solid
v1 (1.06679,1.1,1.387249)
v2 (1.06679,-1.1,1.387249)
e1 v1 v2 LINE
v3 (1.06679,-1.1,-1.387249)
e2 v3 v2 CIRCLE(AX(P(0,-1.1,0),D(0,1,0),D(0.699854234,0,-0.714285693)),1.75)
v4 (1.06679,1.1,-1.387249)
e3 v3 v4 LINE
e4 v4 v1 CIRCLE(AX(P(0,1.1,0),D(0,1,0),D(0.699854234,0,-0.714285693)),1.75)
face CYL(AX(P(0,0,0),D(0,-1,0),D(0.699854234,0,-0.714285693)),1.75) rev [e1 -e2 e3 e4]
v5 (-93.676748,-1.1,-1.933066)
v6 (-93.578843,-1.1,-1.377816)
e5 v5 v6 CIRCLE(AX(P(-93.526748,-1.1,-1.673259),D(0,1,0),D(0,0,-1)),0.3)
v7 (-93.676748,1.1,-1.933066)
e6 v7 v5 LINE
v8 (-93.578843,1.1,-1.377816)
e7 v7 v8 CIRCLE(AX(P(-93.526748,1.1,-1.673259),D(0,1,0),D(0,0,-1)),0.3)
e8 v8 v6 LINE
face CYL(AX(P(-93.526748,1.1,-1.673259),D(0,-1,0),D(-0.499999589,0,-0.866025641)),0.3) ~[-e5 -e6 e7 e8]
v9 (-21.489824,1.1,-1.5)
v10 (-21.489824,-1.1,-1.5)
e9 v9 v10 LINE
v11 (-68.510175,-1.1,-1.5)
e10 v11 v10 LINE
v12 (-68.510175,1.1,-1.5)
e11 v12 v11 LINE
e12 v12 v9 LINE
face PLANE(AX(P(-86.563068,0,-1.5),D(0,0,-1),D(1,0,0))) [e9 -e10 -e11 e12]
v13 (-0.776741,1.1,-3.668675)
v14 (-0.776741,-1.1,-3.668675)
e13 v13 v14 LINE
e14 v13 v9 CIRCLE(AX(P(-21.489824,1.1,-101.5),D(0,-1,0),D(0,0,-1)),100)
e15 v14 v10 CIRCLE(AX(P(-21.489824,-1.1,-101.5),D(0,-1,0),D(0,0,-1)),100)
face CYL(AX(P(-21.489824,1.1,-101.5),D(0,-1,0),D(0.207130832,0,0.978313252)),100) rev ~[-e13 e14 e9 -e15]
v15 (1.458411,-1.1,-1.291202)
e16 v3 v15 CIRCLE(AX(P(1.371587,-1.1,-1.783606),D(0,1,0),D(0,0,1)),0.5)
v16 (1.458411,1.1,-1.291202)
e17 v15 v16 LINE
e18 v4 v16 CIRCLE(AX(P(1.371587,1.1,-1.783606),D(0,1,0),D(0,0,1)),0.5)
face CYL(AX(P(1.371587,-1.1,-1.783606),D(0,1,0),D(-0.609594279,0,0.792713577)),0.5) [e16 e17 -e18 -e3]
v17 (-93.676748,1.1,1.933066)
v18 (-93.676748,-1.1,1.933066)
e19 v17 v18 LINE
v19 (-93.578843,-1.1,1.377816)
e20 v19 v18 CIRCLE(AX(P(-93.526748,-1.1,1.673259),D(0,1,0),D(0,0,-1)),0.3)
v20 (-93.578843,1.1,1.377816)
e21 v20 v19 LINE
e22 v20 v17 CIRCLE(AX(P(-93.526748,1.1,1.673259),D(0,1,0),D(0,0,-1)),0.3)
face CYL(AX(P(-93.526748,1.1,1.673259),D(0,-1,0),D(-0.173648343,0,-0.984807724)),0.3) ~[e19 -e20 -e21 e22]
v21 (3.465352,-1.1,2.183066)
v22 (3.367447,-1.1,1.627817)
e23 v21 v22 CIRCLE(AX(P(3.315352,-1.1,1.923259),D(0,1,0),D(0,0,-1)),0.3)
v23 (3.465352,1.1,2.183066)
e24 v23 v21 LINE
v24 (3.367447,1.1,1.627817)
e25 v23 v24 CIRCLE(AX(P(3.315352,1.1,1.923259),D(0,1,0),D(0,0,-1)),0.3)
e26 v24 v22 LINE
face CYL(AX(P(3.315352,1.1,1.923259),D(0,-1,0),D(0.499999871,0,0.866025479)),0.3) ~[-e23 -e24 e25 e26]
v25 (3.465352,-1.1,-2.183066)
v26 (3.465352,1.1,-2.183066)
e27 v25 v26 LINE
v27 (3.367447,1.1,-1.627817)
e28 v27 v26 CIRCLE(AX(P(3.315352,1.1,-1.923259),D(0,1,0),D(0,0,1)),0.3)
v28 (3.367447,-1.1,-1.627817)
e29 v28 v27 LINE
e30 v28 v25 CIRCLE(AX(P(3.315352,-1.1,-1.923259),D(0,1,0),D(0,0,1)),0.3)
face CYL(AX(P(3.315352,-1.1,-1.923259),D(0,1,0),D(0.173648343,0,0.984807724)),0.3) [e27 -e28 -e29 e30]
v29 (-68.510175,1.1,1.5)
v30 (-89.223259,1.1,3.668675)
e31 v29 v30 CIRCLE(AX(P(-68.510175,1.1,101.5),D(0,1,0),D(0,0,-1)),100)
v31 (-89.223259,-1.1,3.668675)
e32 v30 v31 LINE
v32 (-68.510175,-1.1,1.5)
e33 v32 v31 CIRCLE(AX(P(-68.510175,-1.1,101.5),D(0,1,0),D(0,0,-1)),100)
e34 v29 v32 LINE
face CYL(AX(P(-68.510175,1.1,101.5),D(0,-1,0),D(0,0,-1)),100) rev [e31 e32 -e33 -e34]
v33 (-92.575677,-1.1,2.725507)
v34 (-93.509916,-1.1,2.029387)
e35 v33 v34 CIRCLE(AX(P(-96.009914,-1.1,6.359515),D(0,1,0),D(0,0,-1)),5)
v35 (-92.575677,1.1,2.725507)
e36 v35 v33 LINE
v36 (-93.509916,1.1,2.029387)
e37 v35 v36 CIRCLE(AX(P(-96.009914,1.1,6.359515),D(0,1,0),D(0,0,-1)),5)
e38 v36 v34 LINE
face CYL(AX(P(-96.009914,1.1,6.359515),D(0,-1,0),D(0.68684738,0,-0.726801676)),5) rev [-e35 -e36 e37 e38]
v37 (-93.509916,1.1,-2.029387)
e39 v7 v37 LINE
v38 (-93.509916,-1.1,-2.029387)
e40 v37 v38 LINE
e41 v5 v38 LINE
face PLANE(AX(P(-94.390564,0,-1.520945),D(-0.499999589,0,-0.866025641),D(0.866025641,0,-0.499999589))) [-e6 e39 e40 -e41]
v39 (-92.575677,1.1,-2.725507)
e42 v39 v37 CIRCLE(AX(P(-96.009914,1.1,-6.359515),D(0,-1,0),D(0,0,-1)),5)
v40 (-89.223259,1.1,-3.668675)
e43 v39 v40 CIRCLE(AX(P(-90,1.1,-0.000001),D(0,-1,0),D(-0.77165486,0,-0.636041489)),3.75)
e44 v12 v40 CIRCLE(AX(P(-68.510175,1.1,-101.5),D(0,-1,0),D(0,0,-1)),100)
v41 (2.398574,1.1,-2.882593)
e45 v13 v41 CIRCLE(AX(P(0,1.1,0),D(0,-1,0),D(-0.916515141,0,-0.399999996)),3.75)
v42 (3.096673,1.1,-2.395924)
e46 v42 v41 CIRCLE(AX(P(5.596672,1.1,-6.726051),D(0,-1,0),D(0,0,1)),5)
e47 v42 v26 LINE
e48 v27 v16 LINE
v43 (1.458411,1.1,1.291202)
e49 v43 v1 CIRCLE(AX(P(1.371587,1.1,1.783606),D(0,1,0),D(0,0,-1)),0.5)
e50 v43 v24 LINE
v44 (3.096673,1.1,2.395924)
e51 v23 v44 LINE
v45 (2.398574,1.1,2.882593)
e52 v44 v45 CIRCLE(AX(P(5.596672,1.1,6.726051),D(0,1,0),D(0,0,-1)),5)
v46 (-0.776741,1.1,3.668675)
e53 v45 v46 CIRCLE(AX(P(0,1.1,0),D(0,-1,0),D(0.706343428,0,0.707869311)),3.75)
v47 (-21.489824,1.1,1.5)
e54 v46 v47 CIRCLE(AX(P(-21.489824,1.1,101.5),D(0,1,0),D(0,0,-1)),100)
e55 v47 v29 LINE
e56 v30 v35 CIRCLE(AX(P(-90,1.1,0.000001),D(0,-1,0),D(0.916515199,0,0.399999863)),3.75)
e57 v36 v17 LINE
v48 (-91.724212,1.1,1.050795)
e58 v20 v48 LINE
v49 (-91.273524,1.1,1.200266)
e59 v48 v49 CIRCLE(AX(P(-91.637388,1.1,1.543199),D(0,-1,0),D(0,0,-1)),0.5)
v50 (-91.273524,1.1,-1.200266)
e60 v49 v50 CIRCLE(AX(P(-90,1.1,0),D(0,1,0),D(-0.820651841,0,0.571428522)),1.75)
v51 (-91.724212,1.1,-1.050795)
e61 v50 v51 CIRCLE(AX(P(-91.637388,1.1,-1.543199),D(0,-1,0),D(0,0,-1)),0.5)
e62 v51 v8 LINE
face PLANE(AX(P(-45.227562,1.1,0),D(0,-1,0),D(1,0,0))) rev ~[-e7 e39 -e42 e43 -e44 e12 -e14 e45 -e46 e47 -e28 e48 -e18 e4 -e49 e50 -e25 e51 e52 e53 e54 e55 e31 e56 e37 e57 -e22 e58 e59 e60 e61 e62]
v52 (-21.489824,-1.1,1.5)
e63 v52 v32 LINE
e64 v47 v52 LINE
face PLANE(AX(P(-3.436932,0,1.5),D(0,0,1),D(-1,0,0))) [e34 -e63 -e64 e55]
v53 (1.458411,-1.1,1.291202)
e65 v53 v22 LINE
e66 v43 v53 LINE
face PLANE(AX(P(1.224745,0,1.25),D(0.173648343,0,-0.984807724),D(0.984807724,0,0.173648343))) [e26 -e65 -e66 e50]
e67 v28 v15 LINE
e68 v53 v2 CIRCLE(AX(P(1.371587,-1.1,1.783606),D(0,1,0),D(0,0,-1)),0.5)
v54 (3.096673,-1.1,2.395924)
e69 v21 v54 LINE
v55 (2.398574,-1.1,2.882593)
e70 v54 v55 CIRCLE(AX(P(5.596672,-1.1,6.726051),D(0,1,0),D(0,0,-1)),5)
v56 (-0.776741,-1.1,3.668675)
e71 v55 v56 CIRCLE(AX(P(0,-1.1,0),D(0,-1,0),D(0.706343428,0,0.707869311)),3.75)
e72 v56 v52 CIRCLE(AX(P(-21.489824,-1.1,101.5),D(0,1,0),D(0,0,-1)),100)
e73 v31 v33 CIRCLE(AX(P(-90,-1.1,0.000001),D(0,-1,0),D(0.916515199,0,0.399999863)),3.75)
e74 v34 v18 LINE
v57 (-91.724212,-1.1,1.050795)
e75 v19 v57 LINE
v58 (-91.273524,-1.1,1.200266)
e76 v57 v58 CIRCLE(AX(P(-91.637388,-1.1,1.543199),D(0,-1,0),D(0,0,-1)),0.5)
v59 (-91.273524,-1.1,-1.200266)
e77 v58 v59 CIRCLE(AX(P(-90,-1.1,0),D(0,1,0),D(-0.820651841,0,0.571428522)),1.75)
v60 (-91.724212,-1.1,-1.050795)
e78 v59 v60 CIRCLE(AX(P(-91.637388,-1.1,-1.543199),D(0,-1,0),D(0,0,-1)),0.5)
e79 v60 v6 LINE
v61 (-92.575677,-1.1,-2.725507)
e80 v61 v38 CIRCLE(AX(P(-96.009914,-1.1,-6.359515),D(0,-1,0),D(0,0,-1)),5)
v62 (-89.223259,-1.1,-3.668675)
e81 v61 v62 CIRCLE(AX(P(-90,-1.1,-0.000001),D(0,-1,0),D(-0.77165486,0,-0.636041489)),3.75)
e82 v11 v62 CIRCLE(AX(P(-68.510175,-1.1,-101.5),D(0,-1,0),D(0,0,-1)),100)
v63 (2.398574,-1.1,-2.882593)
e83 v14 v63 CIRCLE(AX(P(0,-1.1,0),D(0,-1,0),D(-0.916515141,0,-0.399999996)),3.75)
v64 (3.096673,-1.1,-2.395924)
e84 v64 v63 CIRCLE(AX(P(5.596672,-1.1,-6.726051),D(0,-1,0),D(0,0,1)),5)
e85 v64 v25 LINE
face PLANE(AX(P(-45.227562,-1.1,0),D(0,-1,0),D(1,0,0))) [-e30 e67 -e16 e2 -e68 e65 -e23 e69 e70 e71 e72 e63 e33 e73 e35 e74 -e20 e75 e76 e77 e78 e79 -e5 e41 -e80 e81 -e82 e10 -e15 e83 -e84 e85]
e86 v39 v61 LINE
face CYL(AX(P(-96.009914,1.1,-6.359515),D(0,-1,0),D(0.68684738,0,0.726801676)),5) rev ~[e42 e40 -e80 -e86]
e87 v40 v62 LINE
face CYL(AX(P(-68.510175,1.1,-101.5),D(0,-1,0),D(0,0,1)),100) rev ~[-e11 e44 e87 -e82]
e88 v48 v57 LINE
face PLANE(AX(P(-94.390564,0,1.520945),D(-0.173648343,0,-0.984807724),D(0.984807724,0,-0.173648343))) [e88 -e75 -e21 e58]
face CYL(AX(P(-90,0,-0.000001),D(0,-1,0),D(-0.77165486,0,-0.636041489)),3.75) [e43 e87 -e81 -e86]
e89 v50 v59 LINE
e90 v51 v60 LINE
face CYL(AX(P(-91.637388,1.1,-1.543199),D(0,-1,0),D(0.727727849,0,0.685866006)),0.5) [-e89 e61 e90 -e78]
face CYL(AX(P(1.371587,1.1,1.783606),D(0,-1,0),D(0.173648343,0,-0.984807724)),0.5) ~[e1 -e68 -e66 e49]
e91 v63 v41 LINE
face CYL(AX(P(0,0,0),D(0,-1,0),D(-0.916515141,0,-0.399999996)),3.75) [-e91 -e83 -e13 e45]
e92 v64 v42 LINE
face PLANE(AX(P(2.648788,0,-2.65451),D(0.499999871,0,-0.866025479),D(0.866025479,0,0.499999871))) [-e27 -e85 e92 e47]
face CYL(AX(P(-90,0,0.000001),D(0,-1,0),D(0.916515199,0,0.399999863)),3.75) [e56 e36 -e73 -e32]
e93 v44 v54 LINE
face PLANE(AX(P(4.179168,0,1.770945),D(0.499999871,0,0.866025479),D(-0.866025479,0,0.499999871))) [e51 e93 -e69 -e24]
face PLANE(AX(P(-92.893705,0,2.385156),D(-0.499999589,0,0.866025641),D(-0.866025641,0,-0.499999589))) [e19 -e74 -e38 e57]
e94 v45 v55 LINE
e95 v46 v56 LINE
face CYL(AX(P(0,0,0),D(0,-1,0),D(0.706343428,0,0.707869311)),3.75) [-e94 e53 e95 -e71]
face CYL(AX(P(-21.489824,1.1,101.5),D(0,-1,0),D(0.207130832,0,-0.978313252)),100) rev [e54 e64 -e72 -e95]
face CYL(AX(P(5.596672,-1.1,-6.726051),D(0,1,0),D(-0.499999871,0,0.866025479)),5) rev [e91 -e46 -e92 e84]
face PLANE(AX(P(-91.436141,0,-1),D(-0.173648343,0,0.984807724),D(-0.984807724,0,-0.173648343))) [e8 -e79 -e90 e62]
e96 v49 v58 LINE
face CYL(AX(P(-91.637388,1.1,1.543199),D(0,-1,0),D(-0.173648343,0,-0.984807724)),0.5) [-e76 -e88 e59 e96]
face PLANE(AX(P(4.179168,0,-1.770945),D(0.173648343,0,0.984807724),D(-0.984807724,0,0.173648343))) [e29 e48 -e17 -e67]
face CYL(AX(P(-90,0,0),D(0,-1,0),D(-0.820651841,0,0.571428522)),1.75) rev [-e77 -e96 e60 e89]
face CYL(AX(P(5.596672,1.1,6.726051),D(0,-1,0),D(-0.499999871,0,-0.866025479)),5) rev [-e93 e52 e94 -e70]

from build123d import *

# Parameters (mm, degrees)
F1_DEPTH = 1.1
F2_R     = 0.3
F3_R     = 100
F4_R     = 0.5
F5_R     = 5


with BuildPart() as f1:
    # F0 (on Front) → F1 (new body, symmetric)
    with BuildSketch(Plane.XZ):
        with BuildLine():
            ThreePointArc((1.224745, -1.25), (-1.75, 0), (1.224745, 1.25))
            Line((1.224745, 1.25), (4.179168, 1.770945))
            Line((4.179168, 1.770945), (2.648788, 2.65451))
            ThreePointArc((2.648788, 2.65451), (-0.698939, 3.684289), (-3.436932, 1.5))
            Line((-3.436932, 1.5), (-86.563068, 1.5))
            ThreePointArc((-86.563068, 1.5), (-89.480722, 3.713873), (-92.893705, 2.385156))
            Line((-92.893705, 2.385156), (-94.390564, 1.520945))
            Line((-94.390564, 1.520945), (-91.436141, 1))
            ThreePointArc((-91.436141, 1), (-88.25, 0), (-91.436141, -1))
            Line((-91.436141, -1), (-94.390564, -1.520945))
            Line((-94.390564, -1.520945), (-92.893705, -2.385156))
            ThreePointArc((-92.893705, -2.385156), (-89.480722, -3.713873), (-86.563068, -1.5))
            Line((-86.563068, -1.5), (-3.436932, -1.5))
            ThreePointArc((-3.436932, -1.5), (-0.698939, -3.684289), (2.648788, -2.65451))
            Line((2.648788, -2.65451), (4.179168, -1.770945))
            Line((4.179168, -1.770945), (1.224745, -1.25))
        make_face()
    extrude(amount=F1_DEPTH, both=True)

    # F2
    f2_edges = [f1.edges().sort_by_distance(p)[0] for p in [
        (4.179168, 0, 1.770945),
        (4.179168, 0, -1.770945),
        (-94.390564, 0, -1.520945),
        (-94.390564, 0, 1.520945),
    ]]
    fillet(f2_edges, radius=F2_R)

    # F3
    f3_edges = [f1.edges().sort_by_distance(p)[0] for p in [
        (-3.436932, 0, 1.5),
        (-3.436932, 0, -1.5),
        (-86.563068, 0, 1.5),
        (-86.563068, 0, -1.5),
    ]]
    fillet(f3_edges, radius=F3_R)

    # F4
    f4_edges = [f1.edges().sort_by_distance(p)[0] for p in [
        (1.224745, 0, 1.25),
        (1.224745, 0, -1.25),
        (-91.436141, 0, 1),
        (-91.436141, 0, -1),
    ]]
    fillet(f4_edges, radius=F4_R)

    # F5
    f5_edges = [f1.edges().sort_by_distance(p)[0] for p in [
        (2.648788, 0, 2.65451),
        (2.648788, 0, -2.65451),
        (-92.893705, 0, -2.385156),
        (-92.893705, 0, 2.385156),
    ]]
    fillet(f5_edges, radius=F5_R)


solid = f1.part
